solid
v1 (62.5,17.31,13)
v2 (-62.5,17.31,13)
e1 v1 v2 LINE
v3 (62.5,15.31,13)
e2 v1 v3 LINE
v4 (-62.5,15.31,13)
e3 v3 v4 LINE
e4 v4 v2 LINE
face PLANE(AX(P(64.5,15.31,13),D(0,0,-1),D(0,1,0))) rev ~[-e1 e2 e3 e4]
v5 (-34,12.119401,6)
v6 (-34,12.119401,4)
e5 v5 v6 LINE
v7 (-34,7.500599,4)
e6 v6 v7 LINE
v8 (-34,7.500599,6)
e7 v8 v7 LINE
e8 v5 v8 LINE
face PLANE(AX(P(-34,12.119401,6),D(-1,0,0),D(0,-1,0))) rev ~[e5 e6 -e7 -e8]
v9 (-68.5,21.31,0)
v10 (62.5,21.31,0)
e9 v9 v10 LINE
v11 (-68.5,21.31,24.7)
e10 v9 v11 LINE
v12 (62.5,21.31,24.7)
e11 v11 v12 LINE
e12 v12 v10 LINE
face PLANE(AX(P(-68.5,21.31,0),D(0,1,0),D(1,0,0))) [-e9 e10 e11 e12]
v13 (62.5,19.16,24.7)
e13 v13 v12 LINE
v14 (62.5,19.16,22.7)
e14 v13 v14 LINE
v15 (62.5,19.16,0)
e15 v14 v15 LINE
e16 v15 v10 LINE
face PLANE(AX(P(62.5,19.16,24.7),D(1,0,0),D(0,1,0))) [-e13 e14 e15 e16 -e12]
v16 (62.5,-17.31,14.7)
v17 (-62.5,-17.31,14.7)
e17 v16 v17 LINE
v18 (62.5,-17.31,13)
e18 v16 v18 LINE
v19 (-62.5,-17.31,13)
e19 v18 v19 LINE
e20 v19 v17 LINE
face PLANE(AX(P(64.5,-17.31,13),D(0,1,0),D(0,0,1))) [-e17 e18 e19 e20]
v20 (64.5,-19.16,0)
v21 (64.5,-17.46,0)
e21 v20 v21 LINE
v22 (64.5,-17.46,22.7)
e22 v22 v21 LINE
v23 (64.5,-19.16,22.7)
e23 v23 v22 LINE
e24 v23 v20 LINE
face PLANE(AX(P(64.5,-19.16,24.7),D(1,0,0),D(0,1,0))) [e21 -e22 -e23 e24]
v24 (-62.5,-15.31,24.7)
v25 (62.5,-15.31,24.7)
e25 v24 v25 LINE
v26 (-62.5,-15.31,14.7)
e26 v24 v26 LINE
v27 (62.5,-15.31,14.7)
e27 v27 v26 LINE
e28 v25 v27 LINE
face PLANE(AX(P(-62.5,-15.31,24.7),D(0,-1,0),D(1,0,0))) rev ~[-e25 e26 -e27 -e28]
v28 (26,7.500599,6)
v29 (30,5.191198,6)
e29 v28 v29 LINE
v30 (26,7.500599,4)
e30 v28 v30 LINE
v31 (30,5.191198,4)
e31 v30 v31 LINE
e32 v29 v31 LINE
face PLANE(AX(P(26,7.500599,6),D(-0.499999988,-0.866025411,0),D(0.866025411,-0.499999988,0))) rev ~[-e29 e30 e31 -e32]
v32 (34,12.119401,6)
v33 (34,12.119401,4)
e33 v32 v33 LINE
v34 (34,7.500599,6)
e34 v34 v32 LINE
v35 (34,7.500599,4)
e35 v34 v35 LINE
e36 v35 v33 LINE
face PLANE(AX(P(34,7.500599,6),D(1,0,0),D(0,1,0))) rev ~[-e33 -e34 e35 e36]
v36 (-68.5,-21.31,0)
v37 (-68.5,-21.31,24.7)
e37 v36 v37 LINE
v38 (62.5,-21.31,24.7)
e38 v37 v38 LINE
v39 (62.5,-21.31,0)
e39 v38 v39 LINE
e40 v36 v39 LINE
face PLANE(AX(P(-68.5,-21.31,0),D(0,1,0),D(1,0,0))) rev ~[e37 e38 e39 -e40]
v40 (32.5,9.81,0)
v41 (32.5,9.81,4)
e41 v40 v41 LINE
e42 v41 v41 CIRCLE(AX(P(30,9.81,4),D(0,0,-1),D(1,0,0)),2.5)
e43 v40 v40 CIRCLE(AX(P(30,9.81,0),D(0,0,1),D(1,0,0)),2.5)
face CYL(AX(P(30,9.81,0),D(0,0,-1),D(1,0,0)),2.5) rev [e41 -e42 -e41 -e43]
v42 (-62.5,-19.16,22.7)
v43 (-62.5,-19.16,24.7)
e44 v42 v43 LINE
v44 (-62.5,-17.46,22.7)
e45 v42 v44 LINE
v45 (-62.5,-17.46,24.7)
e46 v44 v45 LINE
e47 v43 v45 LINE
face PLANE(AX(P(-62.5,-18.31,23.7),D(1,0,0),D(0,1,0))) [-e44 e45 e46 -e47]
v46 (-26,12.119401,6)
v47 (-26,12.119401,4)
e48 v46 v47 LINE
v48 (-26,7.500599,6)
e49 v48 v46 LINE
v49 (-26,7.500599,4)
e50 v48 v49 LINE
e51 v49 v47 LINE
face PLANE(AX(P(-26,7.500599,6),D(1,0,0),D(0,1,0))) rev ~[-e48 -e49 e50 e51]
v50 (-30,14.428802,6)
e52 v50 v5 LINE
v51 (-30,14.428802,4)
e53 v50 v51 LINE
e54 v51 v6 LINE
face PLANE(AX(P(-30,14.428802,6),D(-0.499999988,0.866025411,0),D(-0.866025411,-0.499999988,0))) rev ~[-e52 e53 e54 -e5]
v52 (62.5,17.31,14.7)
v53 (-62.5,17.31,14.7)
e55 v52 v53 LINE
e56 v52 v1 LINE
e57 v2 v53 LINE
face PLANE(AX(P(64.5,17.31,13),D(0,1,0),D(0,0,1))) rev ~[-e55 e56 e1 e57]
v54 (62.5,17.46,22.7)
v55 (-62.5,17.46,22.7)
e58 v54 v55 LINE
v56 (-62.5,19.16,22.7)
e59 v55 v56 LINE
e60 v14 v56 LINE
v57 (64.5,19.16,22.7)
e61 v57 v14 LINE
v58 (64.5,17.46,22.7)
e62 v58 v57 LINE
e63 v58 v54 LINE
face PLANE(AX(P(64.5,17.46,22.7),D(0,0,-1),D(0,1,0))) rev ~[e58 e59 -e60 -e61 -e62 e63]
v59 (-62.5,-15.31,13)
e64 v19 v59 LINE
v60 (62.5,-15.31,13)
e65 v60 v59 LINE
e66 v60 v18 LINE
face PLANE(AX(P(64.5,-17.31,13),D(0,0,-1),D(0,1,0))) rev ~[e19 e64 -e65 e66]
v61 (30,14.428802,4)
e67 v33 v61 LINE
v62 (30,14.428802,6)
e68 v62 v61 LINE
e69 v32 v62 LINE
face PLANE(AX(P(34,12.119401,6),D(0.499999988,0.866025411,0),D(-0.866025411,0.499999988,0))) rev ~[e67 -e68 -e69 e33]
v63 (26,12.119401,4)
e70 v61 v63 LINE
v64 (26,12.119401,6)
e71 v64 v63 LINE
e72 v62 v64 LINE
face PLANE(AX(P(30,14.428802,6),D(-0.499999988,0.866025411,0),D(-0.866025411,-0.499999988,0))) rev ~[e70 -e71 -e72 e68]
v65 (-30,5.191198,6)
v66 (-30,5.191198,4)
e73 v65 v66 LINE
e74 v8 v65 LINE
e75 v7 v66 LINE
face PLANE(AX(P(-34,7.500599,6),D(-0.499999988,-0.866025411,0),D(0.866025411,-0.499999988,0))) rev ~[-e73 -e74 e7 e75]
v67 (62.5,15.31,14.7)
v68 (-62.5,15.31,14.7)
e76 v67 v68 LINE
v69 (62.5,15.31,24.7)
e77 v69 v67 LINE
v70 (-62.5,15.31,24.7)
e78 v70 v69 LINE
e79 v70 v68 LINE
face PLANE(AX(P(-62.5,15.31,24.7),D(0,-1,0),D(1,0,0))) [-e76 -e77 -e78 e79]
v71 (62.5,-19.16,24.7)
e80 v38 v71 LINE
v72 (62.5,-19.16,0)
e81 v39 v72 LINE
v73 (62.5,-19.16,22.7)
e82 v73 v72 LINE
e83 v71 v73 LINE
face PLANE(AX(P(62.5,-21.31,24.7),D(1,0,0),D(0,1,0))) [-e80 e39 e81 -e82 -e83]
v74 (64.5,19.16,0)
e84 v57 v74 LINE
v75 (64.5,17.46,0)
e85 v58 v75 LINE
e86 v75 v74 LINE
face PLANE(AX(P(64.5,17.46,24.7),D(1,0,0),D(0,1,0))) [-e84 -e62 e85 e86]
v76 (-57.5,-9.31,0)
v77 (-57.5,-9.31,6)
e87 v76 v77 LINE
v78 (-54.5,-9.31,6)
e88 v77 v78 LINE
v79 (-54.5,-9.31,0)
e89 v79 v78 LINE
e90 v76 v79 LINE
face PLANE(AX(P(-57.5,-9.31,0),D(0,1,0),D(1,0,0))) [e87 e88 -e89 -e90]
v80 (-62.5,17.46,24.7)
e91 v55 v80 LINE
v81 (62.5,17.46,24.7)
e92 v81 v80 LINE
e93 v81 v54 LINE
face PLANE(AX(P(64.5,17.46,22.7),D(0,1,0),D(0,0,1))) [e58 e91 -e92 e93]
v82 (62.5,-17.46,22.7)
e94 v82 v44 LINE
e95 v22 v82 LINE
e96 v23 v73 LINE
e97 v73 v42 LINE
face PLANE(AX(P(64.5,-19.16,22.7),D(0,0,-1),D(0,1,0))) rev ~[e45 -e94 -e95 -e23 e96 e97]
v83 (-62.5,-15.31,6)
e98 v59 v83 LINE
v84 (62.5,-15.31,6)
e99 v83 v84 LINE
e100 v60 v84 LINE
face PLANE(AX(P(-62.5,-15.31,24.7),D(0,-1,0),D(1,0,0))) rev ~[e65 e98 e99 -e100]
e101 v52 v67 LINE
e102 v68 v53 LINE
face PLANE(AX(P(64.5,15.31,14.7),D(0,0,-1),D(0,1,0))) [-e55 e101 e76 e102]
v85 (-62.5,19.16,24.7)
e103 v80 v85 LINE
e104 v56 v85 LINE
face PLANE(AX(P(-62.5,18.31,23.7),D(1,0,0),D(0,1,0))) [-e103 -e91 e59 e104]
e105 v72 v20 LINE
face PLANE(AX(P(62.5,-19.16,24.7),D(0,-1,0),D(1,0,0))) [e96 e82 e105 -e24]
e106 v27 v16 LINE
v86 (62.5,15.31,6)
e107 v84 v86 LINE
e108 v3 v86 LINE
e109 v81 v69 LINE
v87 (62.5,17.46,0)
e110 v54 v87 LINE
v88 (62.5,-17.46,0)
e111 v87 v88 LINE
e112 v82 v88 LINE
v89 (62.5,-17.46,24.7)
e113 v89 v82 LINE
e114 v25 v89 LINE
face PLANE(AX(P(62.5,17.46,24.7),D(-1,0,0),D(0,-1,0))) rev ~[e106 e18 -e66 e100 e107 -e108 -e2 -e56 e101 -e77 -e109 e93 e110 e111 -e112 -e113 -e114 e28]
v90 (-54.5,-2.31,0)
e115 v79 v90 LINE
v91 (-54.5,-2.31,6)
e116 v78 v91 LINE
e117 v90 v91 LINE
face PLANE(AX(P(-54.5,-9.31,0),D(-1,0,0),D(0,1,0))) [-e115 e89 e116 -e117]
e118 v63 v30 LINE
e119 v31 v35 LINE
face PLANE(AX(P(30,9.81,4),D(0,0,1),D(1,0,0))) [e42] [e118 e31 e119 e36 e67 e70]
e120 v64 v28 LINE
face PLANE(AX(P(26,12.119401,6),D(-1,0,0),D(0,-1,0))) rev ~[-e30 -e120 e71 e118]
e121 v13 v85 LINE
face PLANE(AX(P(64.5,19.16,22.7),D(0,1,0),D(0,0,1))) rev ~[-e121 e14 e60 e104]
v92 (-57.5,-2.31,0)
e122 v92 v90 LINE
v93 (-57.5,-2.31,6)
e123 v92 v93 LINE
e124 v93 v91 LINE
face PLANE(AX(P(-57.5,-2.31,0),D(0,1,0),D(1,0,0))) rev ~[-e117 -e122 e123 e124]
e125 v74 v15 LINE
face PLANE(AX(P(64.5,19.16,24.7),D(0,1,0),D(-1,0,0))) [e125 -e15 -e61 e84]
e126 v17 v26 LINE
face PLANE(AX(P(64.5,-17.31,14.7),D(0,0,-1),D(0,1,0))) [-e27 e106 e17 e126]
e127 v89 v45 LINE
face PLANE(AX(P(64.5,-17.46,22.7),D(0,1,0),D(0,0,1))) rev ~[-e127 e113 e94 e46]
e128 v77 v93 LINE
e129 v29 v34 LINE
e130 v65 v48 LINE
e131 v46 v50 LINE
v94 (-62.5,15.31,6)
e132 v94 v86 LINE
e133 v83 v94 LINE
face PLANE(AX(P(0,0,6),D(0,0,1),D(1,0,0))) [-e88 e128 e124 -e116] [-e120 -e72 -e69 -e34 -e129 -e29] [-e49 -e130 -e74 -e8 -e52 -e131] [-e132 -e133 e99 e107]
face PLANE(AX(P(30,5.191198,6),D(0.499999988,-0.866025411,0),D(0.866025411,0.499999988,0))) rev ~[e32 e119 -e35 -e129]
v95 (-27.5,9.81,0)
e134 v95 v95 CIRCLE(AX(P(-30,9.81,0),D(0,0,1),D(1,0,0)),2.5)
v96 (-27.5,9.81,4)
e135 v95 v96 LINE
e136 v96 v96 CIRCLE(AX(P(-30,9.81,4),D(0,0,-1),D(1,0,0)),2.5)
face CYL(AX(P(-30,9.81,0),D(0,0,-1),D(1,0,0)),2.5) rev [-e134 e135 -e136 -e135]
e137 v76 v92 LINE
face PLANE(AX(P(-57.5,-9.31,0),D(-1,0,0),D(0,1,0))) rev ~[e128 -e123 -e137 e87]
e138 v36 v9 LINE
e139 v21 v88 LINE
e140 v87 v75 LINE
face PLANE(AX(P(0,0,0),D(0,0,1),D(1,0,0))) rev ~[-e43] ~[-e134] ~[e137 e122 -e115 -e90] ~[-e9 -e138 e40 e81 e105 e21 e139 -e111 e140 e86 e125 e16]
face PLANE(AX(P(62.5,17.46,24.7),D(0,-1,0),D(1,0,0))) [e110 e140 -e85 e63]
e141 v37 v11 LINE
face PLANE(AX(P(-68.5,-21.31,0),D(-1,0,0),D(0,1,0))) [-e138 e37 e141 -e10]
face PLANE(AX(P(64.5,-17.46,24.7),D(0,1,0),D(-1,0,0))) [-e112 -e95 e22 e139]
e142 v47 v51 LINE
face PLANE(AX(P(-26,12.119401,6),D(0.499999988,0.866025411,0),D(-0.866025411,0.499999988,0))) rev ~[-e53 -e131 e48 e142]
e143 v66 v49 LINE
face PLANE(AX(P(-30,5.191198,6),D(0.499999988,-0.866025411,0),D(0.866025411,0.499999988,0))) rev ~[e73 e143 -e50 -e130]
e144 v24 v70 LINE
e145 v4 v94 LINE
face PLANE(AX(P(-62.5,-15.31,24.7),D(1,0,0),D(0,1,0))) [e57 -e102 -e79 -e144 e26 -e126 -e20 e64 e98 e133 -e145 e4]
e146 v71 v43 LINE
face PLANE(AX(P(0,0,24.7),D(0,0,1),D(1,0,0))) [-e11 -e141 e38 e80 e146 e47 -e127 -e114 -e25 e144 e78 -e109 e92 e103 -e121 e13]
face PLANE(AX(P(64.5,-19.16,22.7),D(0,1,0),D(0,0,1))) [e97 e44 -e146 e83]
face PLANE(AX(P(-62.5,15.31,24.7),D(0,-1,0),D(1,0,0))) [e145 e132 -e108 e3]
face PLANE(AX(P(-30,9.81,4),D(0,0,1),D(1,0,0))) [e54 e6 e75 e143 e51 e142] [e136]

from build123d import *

# Parameters (mm, degrees)
SKETCH_W        = 137
SKETCH_H        = 42.62
SKETCH_R        = 2.5
SKETCH_W_2      = 3
SKETCH_H_2      = 7
PAD_DEPTH       = 24.7
SKETCH001_W     = 125
SKETCH001_H     = 30.62
POCKET_DEPTH    = 18.7
POCKET001_DEPTH = 2
POCKET002_DEPTH = 24.7
SKETCH004_W     = 1.7
SKETCH004_H     = 2
SKETCH004_W_2   = 2
SKETCH004_H_2   = 1.7
POCKET003_DEPTH = 127


with BuildPart() as part:
    # Sketch → Pad (new body)
    with BuildSketch(Plane.XY):
        Rectangle(SKETCH_W, SKETCH_H)
        with Locations((30, 9.81)):
            Circle(SKETCH_R, mode=Mode.SUBTRACT)
        with Locations((-30, 9.81)):
            Circle(SKETCH_R, mode=Mode.SUBTRACT)
        with Locations((-56, -5.81)):
            Rectangle(SKETCH_W_2, SKETCH_H_2, mode=Mode.SUBTRACT)
    extrude(amount=PAD_DEPTH)

    # Sketch001 (on Face12 of Pad) → Pocket (cut)
    with BuildSketch(Plane.XY.offset(24.7)):
        Rectangle(SKETCH001_W, SKETCH001_H)
    extrude(amount=-POCKET_DEPTH, mode=Mode.SUBTRACT)

    # Sketch002 (on Face17 of Pocket) → Pocket001 (cut)
    with BuildSketch(Plane.XY.offset(6)):
        Polygon((-26, 7.500599), (-26, 12.119401), (-30, 14.428802), (-34, 12.119401), (-34, 7.500599), (-30, 5.191198), align=None)
        Polygon((34, 7.500599), (34, 12.119401), (30, 14.428802), (26, 12.119401), (26, 7.500599), (30, 5.191198), align=None)
    extrude(amount=-POCKET001_DEPTH, mode=Mode.SUBTRACT)

    # Sketch003 (on Face5 of Pocket001) → Pocket002 (cut)
    with BuildSketch(Plane.XY.offset(24.7)):
        Polygon((62.5, 21.31), (68.5, 21.31), (68.5, -21.31), (62.5, -21.31), (62.5, -19.16), (64.5, -19.16), (64.5, -17.46), (62.5, -17.46), (62.5, -15.31), (62.5, 15.31), (62.5, 17.46), (64.5, 17.46), (64.5, 19.16), (62.5, 19.16), align=None)
    extrude(amount=-POCKET002_DEPTH, mode=Mode.SUBTRACT)

    # Sketch004 (on Face9 of Pocket002) → Pocket003 (cut)
    with BuildSketch(Plane.YZ.offset(64.5)):
        with Locations((-18.31, 23.7)):
            Rectangle(SKETCH004_W, SKETCH004_H)
        with Locations((18.31, 23.7)):
            Rectangle(SKETCH004_W, SKETCH004_H)
        with Locations((-16.31, 13.85)):
            Rectangle(SKETCH004_W_2, SKETCH004_H_2)
        with Locations((16.31, 13.85)):
            Rectangle(SKETCH004_W_2, SKETCH004_H_2)
    extrude(amount=-POCKET003_DEPTH, mode=Mode.SUBTRACT)


solid = part.part
